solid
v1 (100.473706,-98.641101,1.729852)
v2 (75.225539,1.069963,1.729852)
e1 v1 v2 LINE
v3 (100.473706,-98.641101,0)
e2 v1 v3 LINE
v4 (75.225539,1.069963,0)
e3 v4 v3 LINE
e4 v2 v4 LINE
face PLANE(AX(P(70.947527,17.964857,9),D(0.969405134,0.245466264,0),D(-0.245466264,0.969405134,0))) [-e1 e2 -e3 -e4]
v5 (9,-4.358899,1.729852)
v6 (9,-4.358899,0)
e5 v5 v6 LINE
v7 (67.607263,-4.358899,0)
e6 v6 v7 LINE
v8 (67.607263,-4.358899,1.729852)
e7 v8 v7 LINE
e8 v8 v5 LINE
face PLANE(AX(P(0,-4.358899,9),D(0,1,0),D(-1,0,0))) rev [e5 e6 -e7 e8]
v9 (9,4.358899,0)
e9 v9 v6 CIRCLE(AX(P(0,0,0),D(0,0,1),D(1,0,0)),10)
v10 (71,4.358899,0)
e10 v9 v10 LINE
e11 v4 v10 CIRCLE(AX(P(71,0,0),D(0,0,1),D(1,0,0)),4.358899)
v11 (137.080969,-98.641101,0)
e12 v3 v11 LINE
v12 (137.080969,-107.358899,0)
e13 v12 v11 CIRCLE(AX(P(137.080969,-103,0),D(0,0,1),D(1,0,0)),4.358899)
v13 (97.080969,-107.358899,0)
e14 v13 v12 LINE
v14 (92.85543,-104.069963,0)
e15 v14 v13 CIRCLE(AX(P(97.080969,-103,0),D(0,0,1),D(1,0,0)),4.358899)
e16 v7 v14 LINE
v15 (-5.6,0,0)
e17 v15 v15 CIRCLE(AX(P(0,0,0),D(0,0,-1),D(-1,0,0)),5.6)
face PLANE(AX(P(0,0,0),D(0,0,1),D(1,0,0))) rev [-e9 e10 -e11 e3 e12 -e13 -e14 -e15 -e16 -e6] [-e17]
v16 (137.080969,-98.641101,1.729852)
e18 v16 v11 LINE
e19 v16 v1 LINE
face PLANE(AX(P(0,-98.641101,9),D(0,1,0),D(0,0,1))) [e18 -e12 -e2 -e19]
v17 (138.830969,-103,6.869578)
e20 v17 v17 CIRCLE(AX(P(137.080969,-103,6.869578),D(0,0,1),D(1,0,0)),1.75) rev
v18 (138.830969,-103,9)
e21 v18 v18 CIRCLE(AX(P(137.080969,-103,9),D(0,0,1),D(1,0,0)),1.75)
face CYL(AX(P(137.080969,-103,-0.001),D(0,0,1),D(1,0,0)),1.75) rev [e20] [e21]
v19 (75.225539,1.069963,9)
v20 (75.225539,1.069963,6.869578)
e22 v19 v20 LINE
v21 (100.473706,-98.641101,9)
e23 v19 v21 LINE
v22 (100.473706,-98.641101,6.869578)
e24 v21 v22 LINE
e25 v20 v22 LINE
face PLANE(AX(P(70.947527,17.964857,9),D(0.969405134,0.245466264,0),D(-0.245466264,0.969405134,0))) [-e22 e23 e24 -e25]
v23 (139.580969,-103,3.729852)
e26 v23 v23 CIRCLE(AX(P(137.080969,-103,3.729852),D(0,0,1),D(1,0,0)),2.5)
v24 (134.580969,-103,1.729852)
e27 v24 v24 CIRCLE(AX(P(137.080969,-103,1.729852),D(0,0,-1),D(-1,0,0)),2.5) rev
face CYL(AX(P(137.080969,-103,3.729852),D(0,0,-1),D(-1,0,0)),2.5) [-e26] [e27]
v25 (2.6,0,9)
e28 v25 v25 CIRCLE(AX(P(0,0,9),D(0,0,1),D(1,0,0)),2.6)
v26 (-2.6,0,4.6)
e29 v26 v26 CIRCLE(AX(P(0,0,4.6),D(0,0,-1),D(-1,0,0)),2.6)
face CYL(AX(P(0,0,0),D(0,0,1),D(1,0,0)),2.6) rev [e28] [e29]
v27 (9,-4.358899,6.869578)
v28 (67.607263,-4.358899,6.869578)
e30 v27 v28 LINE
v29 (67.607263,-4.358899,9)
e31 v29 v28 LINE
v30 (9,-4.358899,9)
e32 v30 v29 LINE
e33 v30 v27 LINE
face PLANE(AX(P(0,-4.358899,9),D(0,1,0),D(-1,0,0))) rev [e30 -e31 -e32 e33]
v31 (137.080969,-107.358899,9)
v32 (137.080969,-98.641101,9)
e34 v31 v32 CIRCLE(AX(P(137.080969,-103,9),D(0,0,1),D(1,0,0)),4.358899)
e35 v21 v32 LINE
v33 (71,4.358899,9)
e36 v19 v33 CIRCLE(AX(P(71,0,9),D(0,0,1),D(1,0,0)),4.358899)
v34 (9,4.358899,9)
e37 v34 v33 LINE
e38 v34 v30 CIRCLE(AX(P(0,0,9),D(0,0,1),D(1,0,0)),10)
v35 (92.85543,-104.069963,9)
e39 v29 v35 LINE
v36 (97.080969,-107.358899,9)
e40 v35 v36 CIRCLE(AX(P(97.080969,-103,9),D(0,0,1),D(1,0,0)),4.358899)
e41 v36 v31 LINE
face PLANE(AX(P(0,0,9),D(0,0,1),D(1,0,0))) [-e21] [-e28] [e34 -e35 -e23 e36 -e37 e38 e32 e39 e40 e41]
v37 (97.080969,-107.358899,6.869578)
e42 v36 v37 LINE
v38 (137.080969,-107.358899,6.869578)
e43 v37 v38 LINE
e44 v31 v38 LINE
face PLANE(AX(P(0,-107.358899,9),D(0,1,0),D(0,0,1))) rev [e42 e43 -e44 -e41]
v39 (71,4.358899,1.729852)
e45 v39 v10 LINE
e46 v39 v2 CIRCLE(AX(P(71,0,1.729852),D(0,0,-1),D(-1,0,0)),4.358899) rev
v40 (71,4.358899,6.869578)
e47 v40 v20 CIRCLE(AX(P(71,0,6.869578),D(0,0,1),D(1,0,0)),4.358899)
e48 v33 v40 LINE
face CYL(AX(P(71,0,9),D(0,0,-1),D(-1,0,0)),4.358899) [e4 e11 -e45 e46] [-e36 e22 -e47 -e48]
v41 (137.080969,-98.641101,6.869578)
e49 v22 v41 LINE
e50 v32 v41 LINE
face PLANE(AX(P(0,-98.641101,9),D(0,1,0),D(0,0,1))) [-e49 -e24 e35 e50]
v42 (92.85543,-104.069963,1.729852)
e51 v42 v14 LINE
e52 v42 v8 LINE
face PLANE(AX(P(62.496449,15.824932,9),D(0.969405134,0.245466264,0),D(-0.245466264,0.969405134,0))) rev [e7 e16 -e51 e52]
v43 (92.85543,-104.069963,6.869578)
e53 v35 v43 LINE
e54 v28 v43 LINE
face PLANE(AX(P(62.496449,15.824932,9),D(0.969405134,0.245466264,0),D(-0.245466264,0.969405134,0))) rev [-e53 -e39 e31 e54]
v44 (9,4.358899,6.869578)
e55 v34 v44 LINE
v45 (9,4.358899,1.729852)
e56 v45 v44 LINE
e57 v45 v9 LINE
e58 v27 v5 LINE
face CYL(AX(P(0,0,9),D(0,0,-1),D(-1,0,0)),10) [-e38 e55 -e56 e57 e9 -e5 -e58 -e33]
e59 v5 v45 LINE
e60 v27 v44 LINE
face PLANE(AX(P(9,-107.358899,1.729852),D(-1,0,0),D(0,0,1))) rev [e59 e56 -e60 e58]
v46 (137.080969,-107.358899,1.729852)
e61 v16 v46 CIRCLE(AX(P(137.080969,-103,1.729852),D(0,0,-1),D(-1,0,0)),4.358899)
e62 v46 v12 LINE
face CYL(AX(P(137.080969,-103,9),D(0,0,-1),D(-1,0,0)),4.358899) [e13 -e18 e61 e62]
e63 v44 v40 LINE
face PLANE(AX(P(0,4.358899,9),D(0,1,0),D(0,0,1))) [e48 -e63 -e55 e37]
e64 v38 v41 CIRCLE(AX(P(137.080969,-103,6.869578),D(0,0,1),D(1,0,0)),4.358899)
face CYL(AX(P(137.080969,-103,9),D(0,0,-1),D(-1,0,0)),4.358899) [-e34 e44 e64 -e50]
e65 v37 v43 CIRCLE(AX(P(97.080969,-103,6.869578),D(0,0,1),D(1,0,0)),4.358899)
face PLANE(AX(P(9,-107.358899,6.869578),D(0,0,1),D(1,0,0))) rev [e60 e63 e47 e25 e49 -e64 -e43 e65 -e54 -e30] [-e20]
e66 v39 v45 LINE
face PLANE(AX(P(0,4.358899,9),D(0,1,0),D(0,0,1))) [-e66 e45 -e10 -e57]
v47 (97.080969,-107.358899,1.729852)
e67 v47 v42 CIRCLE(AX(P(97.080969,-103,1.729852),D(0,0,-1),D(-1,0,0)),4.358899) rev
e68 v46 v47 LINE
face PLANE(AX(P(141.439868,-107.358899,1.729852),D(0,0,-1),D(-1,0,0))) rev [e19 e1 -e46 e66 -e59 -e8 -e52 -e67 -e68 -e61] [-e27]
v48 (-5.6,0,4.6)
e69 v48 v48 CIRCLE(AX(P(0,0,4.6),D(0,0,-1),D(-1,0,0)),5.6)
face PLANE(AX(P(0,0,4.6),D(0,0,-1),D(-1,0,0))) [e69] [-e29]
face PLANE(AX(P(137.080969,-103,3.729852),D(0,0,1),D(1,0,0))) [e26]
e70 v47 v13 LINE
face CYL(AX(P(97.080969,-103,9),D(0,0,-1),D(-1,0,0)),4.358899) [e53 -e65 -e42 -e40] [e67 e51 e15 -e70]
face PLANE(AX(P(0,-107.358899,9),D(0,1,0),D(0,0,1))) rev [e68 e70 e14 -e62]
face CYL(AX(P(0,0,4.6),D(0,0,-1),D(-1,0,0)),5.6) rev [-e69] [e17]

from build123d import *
from build123d.topology import SkipClean

# Parameters (mm, degrees)
EXTRUDE_1_DEPTH     = 9
SKETCH_2_R          = 5.6
CUT_EXTRUDE_1_DEPTH = 4.6
SKETCH_3_R          = 2.6
CUT_EXTRUDE_2_DEPTH = 178.798114195
SKETCH_5_W          = 132.43986789
SKETCH_5_H          = 5.139725872
CUT_EXTRUDE_3_DEPTH = 181.463576917
EXTRUDE_START       = -7.270147681
SKETCH_6_R          = 4.358898944
EXTRUDE_2_DEPTH     = 7.270147681
SKETCH_7_R          = 4.358898944
EXTRUDE_3_DEPTH     = 7.270147681
SKETCH_8_R          = 2.5
EXTRUDE_4_DEPTH     = 2
CUT_EXTRUDE_4_REACH = 179.798
SKETCH_9_R          = 1.75


with BuildPart() as part:
    # 草图1 → 凸台-拉伸1 (new body)
    with BuildSketch(Plane.XY):
        with BuildLine():
            Line((97.080968947, -107.358898944), (137.080968947, -107.358898944))
            ThreePointArc((137.080968947, -107.358898944), (141.43986789, -103), (137.080968947, -98.641101056))
            Line((137.080968947, -98.641101056), (100.473705575, -98.641101056))
            Line((100.473705575, -98.641101056), (75.225539013, 1.069962639))
            ThreePointArc((75.225539013, 1.069962639), (73.67732525, 3.439757187), (71, 4.358898944))
            Line((71, 4.358898944), (9, 4.358898944))
            ThreePointArc((9, 4.358898944), (-10, 0), (9, -4.358898944))
            Line((9, -4.358898944), (67.607263372, -4.358898944))
            Line((67.607263372, -4.358898944), (92.855429934, -104.069962639))
            ThreePointArc((92.855429934, -104.069962639), (94.403643697, -106.439757187), (97.080968947, -107.358898944))
        make_face()
    extrude(amount=EXTRUDE_1_DEPTH)

    # 草图2 → 切除-拉伸1 (cut)
    with BuildSketch(Plane(origin=(0, 0, 0), x_dir=(-1, 0, 0), z_dir=(0, 0, -1))):
        Circle(SKETCH_2_R)
    extrude(amount=-CUT_EXTRUDE_1_DEPTH, mode=Mode.SUBTRACT)

    # 草图3 → 切除-拉伸2 (cut, through all)
    with BuildSketch(Plane.XY.offset(9)):
        Circle(SKETCH_3_R)
    extrude(amount=-CUT_EXTRUDE_2_DEPTH, mode=Mode.SUBTRACT)

    # 草图5 → 切除-拉伸3 (cut, through all)
    with BuildSketch(Plane(origin=(0, 4.358898944, 0), x_dir=(1, 0, 0), z_dir=(0, 1, 0))):
        with Locations((75.219933945, -4.299715255)):
            Rectangle(SKETCH_5_W, SKETCH_5_H)
    extrude(amount=-CUT_EXTRUDE_3_DEPTH, mode=Mode.SUBTRACT)

    # 草图6 → 凸台-拉伸2 (add)
    with SkipClean():  # the faces are left unmerged after this step: merging them gives an invalid solid
        with BuildSketch(Plane.XY.offset(9).offset(EXTRUDE_START)):
            with Locations(Location((71, 0, 0), (0, 0, 90))):
                Circle(SKETCH_6_R)
        extrude(amount=EXTRUDE_2_DEPTH)

    # 草图7 → 凸台-拉伸3 (add)
    with SkipClean():  # the faces are left unmerged after this step: merging them gives an invalid solid
        with BuildSketch(Plane.XY.offset(9).offset(EXTRUDE_START)):
            with Locations(Location((97.080968947, -103, 0), (0, 0, 194.209390146))):
                Circle(SKETCH_7_R)
        extrude(amount=EXTRUDE_3_DEPTH)

    # 草图8 → 凸台-拉伸4 (add)
    with SkipClean():  # the faces are left unmerged after this step: merging them gives an invalid solid
        with BuildSketch(Plane.XY.offset(1.729852319)):
            with Locations(Location((137.080968947, -103, 0), (0, 0, 180))):
                Circle(SKETCH_8_R)
        extrude(amount=EXTRUDE_4_DEPTH)

    # 草图9 → 切除-拉伸4 (cut, up to next)
    with BuildSketch(Plane.XY.offset(9), mode=Mode.PRIVATE) as cut_extrude_4_sk1:
        with Locations((137.080968947, -103)):
            Circle(SKETCH_9_R)
    cut_extrude_4_tool1 = extrude(cut_extrude_4_sk1.sketch, amount=-CUT_EXTRUDE_4_REACH, mode=Mode.PRIVATE) & part.part
    add(cut_extrude_4_tool1.solids().sort_by_distance((137.080969, -103, 9))[0], mode=Mode.SUBTRACT)


solid = part.part
